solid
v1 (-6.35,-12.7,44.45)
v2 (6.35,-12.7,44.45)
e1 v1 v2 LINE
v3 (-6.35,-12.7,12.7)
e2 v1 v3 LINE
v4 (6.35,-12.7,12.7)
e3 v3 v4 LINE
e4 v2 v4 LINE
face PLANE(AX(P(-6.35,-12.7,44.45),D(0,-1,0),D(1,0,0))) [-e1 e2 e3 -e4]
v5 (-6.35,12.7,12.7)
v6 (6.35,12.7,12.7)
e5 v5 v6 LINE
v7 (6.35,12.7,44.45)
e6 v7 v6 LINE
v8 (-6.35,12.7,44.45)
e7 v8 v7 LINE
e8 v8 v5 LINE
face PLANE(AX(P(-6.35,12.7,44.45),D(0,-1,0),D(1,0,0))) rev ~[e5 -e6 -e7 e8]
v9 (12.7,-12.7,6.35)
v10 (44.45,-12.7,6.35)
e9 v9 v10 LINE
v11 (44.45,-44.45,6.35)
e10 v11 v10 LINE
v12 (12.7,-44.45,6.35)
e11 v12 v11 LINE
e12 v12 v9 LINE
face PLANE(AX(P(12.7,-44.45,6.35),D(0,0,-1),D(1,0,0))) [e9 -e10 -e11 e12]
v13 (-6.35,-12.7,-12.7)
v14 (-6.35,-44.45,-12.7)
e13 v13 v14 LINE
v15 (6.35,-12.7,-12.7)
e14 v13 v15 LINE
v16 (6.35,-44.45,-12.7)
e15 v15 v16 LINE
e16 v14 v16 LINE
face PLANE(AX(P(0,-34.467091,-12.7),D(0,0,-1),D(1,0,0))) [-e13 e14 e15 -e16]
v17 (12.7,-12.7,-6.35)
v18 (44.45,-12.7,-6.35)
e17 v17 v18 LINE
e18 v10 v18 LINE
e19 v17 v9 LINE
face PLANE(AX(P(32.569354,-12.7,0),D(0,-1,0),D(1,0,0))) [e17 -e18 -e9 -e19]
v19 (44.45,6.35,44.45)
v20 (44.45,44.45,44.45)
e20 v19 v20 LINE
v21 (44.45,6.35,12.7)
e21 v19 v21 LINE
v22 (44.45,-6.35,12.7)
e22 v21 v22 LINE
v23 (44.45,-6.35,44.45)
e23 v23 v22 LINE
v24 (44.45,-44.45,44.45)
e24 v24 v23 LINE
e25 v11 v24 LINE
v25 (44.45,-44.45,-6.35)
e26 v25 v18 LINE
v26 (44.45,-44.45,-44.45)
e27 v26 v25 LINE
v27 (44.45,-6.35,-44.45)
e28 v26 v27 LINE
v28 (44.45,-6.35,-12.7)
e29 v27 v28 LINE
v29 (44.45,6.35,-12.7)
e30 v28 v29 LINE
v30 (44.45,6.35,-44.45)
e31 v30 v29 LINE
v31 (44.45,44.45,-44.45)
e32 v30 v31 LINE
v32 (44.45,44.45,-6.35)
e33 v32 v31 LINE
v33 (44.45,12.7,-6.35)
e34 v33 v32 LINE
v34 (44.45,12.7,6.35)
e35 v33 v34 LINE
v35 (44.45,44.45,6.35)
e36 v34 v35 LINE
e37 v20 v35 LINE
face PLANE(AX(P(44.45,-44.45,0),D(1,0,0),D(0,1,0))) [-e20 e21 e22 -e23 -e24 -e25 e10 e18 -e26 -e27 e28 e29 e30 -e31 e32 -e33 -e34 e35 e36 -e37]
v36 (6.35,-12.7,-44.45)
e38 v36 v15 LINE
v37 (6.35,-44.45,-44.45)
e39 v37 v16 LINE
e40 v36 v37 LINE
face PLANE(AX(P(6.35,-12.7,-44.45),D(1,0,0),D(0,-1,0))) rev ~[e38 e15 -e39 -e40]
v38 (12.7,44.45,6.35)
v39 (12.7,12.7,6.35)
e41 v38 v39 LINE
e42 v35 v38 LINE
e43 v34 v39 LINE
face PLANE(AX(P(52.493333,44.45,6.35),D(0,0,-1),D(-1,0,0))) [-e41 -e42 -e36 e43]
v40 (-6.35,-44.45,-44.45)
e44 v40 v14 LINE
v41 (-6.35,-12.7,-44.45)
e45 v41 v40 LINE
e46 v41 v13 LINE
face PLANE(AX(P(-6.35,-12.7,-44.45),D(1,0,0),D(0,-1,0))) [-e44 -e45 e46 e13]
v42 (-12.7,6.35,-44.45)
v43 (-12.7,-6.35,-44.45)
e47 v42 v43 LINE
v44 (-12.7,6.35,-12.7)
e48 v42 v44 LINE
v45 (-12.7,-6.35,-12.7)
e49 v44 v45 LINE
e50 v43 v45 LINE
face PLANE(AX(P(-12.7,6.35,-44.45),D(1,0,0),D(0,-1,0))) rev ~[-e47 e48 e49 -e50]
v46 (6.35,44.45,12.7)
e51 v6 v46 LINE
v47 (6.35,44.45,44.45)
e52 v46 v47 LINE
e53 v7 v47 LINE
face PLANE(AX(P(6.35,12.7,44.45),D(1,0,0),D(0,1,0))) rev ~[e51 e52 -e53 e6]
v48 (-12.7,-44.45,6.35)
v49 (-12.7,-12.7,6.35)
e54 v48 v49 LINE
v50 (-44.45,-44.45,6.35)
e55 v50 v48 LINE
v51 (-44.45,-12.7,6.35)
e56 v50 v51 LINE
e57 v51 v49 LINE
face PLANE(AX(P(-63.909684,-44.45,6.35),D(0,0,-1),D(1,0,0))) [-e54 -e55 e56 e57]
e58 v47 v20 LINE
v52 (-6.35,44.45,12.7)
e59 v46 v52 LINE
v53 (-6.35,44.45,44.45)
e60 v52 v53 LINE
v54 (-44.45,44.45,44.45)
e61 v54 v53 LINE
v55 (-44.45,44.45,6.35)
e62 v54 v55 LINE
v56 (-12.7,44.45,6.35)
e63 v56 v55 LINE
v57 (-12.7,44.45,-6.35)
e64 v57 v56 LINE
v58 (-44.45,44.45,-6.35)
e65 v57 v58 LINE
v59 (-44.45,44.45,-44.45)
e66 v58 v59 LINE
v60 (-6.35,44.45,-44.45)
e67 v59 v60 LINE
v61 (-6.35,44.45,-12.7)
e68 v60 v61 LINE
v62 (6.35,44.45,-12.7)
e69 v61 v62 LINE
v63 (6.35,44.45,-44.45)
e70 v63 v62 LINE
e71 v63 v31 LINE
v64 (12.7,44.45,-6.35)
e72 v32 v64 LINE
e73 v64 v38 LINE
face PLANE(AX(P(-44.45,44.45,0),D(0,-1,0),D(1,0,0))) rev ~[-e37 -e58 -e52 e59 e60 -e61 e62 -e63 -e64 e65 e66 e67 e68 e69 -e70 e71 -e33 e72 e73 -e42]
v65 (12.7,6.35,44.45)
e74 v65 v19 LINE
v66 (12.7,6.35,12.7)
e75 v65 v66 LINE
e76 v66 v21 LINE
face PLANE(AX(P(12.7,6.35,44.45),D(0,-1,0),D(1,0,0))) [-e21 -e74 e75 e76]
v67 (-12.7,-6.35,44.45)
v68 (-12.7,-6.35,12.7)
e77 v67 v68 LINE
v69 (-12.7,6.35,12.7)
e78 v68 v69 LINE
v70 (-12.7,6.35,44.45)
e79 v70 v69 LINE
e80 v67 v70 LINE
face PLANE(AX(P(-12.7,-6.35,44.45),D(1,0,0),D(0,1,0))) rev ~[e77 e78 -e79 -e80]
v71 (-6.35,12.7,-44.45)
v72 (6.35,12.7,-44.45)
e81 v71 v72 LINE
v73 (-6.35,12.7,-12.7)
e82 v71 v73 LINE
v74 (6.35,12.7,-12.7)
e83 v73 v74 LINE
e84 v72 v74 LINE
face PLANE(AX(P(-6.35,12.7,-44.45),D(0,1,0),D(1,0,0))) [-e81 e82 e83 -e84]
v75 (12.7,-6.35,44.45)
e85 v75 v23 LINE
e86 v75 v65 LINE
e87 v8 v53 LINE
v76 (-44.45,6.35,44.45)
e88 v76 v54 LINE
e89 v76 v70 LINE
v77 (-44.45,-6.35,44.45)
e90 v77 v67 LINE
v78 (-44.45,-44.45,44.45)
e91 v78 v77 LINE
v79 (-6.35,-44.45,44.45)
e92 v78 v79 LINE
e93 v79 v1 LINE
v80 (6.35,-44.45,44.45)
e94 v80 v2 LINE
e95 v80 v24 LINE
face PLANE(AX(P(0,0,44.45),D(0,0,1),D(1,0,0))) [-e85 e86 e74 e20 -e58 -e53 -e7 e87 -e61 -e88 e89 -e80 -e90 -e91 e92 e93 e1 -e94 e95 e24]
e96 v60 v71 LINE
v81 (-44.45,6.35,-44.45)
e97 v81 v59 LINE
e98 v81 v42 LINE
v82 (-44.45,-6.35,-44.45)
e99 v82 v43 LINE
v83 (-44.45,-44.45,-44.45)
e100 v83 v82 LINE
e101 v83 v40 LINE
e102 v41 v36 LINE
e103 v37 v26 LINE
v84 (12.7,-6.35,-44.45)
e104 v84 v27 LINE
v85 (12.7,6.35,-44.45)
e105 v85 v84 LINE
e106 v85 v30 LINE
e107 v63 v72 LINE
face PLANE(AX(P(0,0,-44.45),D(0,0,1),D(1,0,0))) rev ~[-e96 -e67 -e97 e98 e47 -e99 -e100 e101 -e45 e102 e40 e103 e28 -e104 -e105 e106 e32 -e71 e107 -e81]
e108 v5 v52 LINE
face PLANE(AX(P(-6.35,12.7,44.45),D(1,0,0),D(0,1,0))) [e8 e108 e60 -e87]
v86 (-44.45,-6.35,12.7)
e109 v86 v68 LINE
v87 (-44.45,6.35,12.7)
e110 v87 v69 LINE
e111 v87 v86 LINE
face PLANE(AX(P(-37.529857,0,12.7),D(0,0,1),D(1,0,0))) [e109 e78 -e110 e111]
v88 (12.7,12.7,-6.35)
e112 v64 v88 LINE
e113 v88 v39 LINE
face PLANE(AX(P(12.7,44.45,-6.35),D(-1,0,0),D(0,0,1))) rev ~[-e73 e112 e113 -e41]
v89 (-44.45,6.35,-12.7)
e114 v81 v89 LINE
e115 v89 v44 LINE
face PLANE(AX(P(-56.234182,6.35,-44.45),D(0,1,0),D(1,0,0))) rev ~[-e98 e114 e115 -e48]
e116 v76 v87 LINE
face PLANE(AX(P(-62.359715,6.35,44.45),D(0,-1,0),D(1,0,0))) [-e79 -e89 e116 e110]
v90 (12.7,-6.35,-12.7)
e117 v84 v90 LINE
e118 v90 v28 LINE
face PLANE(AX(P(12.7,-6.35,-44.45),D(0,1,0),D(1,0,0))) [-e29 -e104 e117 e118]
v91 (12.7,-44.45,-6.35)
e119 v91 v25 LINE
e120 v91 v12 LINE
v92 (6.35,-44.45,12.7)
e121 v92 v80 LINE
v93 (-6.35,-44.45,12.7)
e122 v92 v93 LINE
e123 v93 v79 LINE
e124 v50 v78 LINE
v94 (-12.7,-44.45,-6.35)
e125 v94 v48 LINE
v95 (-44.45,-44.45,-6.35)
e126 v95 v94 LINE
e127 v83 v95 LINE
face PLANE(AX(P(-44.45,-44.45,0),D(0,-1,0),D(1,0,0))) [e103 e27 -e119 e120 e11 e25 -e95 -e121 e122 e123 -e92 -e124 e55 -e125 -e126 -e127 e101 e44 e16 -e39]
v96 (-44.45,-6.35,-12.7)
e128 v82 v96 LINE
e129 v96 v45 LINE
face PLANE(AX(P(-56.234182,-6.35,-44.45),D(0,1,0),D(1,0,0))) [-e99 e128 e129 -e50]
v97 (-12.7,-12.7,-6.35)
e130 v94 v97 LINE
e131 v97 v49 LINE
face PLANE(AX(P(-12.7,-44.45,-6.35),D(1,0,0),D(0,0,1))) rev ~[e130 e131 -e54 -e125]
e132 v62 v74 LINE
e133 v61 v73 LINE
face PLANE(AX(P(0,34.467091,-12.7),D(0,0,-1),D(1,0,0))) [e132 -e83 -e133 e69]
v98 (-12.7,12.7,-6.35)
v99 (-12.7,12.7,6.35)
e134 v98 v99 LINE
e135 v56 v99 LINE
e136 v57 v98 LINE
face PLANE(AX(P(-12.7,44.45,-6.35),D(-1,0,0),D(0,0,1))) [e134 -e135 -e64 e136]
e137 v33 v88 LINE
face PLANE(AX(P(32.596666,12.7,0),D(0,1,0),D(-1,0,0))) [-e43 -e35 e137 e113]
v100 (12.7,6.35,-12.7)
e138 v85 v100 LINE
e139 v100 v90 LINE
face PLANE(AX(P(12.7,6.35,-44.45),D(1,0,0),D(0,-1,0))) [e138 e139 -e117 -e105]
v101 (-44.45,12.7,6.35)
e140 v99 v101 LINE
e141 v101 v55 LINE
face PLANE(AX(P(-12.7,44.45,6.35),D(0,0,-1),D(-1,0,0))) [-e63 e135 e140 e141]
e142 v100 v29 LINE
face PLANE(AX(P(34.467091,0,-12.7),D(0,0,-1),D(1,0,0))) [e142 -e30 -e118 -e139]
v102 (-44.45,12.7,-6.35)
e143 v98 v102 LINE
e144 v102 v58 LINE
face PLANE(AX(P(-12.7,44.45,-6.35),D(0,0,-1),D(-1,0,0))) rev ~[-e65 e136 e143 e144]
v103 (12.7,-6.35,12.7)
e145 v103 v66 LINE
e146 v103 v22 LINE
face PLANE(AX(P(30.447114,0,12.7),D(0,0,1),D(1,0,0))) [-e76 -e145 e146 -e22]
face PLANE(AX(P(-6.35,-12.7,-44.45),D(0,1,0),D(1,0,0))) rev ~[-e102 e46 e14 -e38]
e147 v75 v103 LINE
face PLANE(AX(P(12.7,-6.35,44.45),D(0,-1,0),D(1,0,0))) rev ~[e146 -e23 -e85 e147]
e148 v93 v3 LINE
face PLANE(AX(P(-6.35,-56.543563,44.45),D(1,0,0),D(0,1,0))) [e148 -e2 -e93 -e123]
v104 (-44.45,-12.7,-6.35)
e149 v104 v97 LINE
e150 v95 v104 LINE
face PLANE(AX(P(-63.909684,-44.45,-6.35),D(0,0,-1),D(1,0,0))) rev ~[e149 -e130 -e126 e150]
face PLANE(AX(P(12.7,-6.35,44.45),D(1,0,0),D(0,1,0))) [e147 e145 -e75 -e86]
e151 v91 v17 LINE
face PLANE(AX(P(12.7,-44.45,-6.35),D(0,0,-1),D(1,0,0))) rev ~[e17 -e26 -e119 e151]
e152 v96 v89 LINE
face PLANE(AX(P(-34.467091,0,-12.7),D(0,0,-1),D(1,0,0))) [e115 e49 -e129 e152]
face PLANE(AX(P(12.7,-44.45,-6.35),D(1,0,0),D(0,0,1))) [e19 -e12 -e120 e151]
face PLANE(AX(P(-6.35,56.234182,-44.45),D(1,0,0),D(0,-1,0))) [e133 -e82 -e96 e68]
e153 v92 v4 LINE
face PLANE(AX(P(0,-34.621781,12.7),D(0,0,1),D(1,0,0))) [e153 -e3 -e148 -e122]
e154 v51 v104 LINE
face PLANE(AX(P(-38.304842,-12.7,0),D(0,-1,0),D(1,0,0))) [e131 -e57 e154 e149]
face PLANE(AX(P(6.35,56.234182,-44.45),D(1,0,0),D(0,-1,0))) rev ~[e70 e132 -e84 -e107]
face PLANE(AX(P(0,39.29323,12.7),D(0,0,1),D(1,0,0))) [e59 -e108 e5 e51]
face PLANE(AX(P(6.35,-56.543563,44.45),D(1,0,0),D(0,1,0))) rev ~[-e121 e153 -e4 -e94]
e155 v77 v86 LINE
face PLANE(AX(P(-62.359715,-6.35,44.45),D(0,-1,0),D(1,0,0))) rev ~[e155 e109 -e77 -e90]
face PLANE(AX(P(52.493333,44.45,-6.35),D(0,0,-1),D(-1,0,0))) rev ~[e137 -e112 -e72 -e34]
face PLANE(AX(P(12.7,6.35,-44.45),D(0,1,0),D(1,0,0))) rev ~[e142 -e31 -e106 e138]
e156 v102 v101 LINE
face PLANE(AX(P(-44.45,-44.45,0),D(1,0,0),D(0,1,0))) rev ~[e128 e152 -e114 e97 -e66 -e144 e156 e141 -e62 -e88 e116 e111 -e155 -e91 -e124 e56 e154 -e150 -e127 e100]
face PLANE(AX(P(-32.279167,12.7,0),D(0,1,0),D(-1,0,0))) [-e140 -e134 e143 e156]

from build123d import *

# Parameters (mm, degrees)
F0_W     = 88.9
F0_H     = 88.9
F1_DEPTH = 44.45
F2_W     = 35.494227
F2_H     = 12.7
F2_W_2   = 12.7
F2_H_2   = 43.843563
F2_W_3   = 49.659715
F2_H_3   = 53.186459
F3_DEPTH = 31.75
F4_W     = 43.534182
F4_H     = 12.7
F4_W_2   = 12.7
F4_H_2   = 43.534182
F5_DEPTH = 31.75
F6_W     = 39.738709
F6_H     = 12.7
F6_W_2   = 51.209684
F7_DEPTH = 31.75
F8_W     = 39.158334
F8_H     = 12.7
F8_W_2   = 39.793333
F9_DEPTH = 31.75


with BuildPart() as f1:
    # F0 (on Top) → F1 (new body, symmetric)
    with BuildSketch(Plane.XY):
        Rectangle(F0_W, F0_H)
    extrude(amount=F1_DEPTH, both=True)

    # F2 (on face) → F3 (cut)
    with BuildSketch(Plane.XY.offset(44.45)):
        with Locations((30.447114, 0)):
            Rectangle(F2_W, F2_H)
        with Locations((0, -34.621781)):
            Rectangle(F2_W_2, F2_H_2)
        with Locations((-37.529857, 0)):
            Rectangle(F2_W_3, F2_H)
        with Locations((0, 39.29323)):
            Rectangle(F2_W_2, F2_H_3)
    extrude(amount=-F3_DEPTH, mode=Mode.SUBTRACT)

    # F4 (on face) → F5 (cut)
    with BuildSketch(Plane(origin=(0, 0, -44.45), x_dir=(1, 0, 0), z_dir=(0, 0, -1))):
        with Locations((34.467091, 0)):
            Rectangle(F4_W, F4_H)
        with Locations((0, 34.467091)):
            Rectangle(F4_W_2, F4_H_2)
        with Locations((-34.467091, 0)):
            Rectangle(F4_W, F4_H)
        with Locations((0, -34.467091)):
            Rectangle(F4_W_2, F4_H_2)
    extrude(amount=-F5_DEPTH, mode=Mode.SUBTRACT)

    # F6 (on face) → F7 (cut)
    with BuildSketch(Plane.XZ.offset(44.45)):
        with Locations((32.569354, 0)):
            Rectangle(F6_W, F6_H)
        with Locations((-38.304842, 0)):
            Rectangle(F6_W_2, F6_H)
    extrude(amount=-F7_DEPTH, mode=Mode.SUBTRACT)

    # F8 (on face) → F9 (cut)
    with BuildSketch(Plane(origin=(0, 44.45, 0), x_dir=(-1, 0, 0), z_dir=(0, 1, 0))):
        with Locations((32.279167, 0)):
            Rectangle(F8_W, F8_H)
        with Locations((-32.596666, 0)):
            Rectangle(F8_W_2, F8_H)
    extrude(amount=-F9_DEPTH, mode=Mode.SUBTRACT)


solid = f1.part
